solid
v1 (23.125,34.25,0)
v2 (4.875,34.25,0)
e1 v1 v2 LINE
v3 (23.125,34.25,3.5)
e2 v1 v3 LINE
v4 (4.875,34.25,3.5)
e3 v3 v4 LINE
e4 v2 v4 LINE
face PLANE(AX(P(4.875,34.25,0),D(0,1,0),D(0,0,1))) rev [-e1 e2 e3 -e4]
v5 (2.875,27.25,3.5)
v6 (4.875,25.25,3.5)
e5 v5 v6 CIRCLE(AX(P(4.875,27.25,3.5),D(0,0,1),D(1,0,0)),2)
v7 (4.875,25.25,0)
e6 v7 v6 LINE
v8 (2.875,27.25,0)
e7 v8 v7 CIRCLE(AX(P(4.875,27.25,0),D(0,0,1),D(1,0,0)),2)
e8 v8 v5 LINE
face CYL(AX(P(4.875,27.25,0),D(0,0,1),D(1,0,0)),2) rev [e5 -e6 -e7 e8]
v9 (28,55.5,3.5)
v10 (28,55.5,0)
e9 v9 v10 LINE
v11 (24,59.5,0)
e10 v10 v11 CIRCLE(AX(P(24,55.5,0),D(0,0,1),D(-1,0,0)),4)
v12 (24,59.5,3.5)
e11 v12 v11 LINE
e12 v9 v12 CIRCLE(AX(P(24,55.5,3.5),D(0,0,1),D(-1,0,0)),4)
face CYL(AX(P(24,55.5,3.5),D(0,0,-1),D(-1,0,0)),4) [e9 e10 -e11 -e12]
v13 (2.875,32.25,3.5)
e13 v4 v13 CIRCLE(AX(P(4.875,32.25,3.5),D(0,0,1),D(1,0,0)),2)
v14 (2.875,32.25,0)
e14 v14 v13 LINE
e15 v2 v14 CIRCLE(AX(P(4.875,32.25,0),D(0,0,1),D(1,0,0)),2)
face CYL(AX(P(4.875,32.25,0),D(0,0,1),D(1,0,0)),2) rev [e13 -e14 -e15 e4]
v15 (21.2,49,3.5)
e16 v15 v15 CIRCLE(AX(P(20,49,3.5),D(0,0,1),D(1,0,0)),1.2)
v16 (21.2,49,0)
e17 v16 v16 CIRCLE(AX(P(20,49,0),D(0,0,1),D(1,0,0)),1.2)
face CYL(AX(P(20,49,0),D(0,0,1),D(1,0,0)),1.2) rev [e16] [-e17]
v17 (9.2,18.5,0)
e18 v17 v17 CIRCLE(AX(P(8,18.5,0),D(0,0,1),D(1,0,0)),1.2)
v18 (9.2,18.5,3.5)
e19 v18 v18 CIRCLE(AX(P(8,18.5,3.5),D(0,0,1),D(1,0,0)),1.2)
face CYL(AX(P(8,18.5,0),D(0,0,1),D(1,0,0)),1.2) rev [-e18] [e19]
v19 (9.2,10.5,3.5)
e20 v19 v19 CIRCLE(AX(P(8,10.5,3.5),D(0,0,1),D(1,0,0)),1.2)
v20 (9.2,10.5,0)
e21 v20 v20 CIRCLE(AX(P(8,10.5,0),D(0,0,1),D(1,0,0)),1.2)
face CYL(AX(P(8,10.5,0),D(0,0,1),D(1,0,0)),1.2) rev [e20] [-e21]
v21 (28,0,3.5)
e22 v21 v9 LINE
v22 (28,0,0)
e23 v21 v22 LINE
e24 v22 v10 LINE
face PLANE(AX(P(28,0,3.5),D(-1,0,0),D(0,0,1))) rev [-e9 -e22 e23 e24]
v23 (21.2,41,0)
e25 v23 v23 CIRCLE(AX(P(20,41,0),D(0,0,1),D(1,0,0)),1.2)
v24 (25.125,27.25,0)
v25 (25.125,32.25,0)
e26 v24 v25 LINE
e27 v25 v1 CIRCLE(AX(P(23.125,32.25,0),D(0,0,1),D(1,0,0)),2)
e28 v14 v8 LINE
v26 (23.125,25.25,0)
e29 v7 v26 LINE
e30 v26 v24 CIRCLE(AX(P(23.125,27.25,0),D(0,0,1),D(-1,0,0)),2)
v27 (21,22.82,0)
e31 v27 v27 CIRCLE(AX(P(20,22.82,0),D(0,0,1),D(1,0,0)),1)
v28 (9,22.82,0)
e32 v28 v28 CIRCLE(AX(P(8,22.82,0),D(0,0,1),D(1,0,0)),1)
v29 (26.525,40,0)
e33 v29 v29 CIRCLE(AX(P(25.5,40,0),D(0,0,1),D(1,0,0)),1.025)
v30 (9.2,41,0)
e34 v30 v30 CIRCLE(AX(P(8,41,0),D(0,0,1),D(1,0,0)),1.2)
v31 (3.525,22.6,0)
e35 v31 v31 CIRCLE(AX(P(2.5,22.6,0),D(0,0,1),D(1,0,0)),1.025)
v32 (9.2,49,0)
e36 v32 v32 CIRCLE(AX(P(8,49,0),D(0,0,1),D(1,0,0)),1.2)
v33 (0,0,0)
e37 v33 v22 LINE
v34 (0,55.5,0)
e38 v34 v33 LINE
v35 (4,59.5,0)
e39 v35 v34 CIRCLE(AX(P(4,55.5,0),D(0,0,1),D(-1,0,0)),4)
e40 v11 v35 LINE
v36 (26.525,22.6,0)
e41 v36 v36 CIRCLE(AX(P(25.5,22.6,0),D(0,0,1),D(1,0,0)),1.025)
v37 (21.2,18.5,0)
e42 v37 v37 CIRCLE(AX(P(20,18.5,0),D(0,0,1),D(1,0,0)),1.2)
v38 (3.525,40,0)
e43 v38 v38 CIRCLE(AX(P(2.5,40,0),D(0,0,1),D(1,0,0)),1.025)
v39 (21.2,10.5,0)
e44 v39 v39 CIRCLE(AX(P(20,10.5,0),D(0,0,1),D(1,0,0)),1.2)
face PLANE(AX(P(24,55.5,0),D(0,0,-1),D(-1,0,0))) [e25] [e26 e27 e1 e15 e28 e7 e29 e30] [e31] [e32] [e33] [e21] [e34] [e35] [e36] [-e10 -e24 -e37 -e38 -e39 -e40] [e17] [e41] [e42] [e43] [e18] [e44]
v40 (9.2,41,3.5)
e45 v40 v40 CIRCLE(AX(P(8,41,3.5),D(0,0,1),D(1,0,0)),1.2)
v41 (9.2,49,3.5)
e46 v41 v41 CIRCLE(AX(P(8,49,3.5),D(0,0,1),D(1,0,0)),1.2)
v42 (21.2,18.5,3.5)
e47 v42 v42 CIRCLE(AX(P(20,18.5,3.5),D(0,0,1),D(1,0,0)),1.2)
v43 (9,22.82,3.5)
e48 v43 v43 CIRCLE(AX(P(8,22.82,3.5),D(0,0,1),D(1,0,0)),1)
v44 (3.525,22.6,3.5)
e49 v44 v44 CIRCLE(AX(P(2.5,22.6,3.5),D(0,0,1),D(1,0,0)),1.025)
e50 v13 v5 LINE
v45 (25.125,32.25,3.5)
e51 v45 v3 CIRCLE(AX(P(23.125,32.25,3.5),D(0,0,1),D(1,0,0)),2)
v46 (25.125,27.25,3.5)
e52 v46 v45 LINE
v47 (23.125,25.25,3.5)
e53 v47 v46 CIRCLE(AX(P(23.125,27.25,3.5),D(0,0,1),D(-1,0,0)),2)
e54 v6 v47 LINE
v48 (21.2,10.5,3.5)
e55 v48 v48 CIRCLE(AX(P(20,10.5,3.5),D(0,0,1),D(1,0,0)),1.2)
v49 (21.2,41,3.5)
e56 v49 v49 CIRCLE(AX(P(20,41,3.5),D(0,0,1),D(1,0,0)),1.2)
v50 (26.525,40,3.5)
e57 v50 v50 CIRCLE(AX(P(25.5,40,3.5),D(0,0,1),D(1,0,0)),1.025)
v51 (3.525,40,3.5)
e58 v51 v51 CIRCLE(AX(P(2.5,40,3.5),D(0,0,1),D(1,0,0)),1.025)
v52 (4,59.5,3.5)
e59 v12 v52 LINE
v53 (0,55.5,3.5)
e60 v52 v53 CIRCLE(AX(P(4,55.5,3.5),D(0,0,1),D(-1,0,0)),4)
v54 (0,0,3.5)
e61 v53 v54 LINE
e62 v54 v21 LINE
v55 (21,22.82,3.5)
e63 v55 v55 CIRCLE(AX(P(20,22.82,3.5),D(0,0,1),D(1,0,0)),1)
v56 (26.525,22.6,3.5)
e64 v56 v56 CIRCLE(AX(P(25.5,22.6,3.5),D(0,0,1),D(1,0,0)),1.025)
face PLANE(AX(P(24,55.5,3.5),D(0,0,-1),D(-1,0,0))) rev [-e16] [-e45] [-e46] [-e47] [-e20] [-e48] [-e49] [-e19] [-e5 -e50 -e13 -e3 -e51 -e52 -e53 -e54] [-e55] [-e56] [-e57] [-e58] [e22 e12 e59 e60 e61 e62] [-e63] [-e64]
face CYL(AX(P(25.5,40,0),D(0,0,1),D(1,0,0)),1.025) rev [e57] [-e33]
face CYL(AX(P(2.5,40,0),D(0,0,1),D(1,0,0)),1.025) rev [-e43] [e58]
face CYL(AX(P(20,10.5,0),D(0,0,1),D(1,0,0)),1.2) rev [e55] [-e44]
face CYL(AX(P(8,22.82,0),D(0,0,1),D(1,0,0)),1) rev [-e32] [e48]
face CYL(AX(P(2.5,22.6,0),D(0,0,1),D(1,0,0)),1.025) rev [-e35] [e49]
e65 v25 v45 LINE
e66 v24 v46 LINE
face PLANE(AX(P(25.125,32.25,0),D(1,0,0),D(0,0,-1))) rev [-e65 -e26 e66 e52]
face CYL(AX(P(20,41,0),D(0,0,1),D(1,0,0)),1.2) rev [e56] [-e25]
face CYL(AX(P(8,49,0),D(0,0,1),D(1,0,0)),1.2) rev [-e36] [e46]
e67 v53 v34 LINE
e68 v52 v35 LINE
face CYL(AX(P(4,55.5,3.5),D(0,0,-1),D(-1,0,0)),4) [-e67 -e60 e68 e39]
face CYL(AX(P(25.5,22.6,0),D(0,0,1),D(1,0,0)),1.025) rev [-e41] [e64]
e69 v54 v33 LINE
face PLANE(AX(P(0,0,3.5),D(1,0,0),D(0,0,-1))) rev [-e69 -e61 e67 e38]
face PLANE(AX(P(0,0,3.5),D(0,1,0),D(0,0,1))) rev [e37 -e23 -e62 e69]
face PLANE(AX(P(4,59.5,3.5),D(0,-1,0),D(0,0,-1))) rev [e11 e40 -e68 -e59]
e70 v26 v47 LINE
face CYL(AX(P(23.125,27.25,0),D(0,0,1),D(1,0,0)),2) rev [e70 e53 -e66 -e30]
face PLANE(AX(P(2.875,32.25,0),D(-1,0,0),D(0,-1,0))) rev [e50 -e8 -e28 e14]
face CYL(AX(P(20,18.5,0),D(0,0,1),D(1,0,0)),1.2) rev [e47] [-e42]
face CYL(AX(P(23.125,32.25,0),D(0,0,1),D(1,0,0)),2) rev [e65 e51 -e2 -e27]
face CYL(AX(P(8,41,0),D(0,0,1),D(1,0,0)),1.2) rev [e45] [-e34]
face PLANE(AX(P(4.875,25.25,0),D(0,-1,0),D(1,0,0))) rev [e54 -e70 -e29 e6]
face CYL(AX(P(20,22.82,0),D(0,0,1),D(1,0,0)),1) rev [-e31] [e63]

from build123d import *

# Parameters (mm, degrees)
BOSS_EXTRU_1_DEPTH      = 3.5
ESQUISSE2_R             = 1.2
ESQUISSE2_R_2           = 1.025
ENL_V_MAT_EXTRU_1_DEPTH = 66.852107028
ENL_V_MAT_EXTRU_2_DEPTH = 66.852107028
ESQUISSE7_R             = 1
ENL_V_MAT_EXTRU_4_DEPTH = 66.852107028


with BuildPart() as part:
    # Esquisse1 → Boss.-Extru.1 (new body)
    with BuildSketch(Plane.XY):
        with BuildLine():
            Line((0, 0), (28, 0))
            Line((28, 0), (28, 55.5))
            ThreePointArc((28, 55.5), (26.828427125, 58.328427125), (24, 59.5))
            Line((24, 59.5), (4, 59.5))
            ThreePointArc((4, 59.5), (1.171572875, 58.328427125), (0, 55.5))
            Line((0, 55.5), (0, 0))
        make_face()
    extrude(amount=BOSS_EXTRU_1_DEPTH)

    # Esquisse2 → Enlèv. mat.-Extru.1 (cut, through all)
    with BuildSketch(Plane.XY.offset(3.5)):
        with Locations((8, 10.5)):
            Circle(ESQUISSE2_R)
        with Locations((20, 10.5)):
            Circle(ESQUISSE2_R)
        with Locations((8, 18.5)):
            Circle(ESQUISSE2_R)
        with Locations((20, 18.5)):
            Circle(ESQUISSE2_R)
        with Locations((8, 49)):
            Circle(ESQUISSE2_R)
        with Locations((8, 41)):
            Circle(ESQUISSE2_R)
        with Locations((20, 49)):
            Circle(ESQUISSE2_R)
        with Locations((20, 41)):
            Circle(ESQUISSE2_R)
        with Locations((2.5, 40)):
            Circle(ESQUISSE2_R_2)
        with Locations((2.5, 22.6)):
            Circle(ESQUISSE2_R_2)
        with Locations((25.5, 40)):
            Circle(ESQUISSE2_R_2)
        with Locations((25.5, 22.6)):
            Circle(ESQUISSE2_R_2)
    extrude(amount=-ENL_V_MAT_EXTRU_1_DEPTH, mode=Mode.SUBTRACT)

    # Esquisse3 → Enlèv. mat.-Extru.2 (cut, through all)
    with BuildSketch(Plane.XY.offset(3.5)):
        with BuildLine():
            Line((4.875, 34.25), (23.125, 34.25))
            ThreePointArc((23.125, 34.25), (24.539213562, 33.664213562), (25.125, 32.25))
            Line((25.125, 32.25), (25.125, 27.25))
            ThreePointArc((25.125, 27.25), (24.539213562, 25.835786438), (23.125, 25.25))
            Line((23.125, 25.25), (4.875, 25.25))
            ThreePointArc((4.875, 25.25), (3.460786438, 25.835786438), (2.875, 27.25))
            Line((2.875, 27.25), (2.875, 32.25))
            ThreePointArc((2.875, 32.25), (3.460786438, 33.664213562), (4.875, 34.25))
        make_face()
    extrude(amount=-ENL_V_MAT_EXTRU_2_DEPTH, mode=Mode.SUBTRACT)

    # Esquisse7 → Enlèv. mat.-Extru.4 (cut, through all)
    with BuildSketch(Plane.XY.offset(3.5)):
        with Locations((8, 22.82)):
            Circle(ESQUISSE7_R)
        with Locations((20, 22.82)):
            Circle(ESQUISSE7_R)
    extrude(amount=-ENL_V_MAT_EXTRU_4_DEPTH, mode=Mode.SUBTRACT)


solid = part.part
